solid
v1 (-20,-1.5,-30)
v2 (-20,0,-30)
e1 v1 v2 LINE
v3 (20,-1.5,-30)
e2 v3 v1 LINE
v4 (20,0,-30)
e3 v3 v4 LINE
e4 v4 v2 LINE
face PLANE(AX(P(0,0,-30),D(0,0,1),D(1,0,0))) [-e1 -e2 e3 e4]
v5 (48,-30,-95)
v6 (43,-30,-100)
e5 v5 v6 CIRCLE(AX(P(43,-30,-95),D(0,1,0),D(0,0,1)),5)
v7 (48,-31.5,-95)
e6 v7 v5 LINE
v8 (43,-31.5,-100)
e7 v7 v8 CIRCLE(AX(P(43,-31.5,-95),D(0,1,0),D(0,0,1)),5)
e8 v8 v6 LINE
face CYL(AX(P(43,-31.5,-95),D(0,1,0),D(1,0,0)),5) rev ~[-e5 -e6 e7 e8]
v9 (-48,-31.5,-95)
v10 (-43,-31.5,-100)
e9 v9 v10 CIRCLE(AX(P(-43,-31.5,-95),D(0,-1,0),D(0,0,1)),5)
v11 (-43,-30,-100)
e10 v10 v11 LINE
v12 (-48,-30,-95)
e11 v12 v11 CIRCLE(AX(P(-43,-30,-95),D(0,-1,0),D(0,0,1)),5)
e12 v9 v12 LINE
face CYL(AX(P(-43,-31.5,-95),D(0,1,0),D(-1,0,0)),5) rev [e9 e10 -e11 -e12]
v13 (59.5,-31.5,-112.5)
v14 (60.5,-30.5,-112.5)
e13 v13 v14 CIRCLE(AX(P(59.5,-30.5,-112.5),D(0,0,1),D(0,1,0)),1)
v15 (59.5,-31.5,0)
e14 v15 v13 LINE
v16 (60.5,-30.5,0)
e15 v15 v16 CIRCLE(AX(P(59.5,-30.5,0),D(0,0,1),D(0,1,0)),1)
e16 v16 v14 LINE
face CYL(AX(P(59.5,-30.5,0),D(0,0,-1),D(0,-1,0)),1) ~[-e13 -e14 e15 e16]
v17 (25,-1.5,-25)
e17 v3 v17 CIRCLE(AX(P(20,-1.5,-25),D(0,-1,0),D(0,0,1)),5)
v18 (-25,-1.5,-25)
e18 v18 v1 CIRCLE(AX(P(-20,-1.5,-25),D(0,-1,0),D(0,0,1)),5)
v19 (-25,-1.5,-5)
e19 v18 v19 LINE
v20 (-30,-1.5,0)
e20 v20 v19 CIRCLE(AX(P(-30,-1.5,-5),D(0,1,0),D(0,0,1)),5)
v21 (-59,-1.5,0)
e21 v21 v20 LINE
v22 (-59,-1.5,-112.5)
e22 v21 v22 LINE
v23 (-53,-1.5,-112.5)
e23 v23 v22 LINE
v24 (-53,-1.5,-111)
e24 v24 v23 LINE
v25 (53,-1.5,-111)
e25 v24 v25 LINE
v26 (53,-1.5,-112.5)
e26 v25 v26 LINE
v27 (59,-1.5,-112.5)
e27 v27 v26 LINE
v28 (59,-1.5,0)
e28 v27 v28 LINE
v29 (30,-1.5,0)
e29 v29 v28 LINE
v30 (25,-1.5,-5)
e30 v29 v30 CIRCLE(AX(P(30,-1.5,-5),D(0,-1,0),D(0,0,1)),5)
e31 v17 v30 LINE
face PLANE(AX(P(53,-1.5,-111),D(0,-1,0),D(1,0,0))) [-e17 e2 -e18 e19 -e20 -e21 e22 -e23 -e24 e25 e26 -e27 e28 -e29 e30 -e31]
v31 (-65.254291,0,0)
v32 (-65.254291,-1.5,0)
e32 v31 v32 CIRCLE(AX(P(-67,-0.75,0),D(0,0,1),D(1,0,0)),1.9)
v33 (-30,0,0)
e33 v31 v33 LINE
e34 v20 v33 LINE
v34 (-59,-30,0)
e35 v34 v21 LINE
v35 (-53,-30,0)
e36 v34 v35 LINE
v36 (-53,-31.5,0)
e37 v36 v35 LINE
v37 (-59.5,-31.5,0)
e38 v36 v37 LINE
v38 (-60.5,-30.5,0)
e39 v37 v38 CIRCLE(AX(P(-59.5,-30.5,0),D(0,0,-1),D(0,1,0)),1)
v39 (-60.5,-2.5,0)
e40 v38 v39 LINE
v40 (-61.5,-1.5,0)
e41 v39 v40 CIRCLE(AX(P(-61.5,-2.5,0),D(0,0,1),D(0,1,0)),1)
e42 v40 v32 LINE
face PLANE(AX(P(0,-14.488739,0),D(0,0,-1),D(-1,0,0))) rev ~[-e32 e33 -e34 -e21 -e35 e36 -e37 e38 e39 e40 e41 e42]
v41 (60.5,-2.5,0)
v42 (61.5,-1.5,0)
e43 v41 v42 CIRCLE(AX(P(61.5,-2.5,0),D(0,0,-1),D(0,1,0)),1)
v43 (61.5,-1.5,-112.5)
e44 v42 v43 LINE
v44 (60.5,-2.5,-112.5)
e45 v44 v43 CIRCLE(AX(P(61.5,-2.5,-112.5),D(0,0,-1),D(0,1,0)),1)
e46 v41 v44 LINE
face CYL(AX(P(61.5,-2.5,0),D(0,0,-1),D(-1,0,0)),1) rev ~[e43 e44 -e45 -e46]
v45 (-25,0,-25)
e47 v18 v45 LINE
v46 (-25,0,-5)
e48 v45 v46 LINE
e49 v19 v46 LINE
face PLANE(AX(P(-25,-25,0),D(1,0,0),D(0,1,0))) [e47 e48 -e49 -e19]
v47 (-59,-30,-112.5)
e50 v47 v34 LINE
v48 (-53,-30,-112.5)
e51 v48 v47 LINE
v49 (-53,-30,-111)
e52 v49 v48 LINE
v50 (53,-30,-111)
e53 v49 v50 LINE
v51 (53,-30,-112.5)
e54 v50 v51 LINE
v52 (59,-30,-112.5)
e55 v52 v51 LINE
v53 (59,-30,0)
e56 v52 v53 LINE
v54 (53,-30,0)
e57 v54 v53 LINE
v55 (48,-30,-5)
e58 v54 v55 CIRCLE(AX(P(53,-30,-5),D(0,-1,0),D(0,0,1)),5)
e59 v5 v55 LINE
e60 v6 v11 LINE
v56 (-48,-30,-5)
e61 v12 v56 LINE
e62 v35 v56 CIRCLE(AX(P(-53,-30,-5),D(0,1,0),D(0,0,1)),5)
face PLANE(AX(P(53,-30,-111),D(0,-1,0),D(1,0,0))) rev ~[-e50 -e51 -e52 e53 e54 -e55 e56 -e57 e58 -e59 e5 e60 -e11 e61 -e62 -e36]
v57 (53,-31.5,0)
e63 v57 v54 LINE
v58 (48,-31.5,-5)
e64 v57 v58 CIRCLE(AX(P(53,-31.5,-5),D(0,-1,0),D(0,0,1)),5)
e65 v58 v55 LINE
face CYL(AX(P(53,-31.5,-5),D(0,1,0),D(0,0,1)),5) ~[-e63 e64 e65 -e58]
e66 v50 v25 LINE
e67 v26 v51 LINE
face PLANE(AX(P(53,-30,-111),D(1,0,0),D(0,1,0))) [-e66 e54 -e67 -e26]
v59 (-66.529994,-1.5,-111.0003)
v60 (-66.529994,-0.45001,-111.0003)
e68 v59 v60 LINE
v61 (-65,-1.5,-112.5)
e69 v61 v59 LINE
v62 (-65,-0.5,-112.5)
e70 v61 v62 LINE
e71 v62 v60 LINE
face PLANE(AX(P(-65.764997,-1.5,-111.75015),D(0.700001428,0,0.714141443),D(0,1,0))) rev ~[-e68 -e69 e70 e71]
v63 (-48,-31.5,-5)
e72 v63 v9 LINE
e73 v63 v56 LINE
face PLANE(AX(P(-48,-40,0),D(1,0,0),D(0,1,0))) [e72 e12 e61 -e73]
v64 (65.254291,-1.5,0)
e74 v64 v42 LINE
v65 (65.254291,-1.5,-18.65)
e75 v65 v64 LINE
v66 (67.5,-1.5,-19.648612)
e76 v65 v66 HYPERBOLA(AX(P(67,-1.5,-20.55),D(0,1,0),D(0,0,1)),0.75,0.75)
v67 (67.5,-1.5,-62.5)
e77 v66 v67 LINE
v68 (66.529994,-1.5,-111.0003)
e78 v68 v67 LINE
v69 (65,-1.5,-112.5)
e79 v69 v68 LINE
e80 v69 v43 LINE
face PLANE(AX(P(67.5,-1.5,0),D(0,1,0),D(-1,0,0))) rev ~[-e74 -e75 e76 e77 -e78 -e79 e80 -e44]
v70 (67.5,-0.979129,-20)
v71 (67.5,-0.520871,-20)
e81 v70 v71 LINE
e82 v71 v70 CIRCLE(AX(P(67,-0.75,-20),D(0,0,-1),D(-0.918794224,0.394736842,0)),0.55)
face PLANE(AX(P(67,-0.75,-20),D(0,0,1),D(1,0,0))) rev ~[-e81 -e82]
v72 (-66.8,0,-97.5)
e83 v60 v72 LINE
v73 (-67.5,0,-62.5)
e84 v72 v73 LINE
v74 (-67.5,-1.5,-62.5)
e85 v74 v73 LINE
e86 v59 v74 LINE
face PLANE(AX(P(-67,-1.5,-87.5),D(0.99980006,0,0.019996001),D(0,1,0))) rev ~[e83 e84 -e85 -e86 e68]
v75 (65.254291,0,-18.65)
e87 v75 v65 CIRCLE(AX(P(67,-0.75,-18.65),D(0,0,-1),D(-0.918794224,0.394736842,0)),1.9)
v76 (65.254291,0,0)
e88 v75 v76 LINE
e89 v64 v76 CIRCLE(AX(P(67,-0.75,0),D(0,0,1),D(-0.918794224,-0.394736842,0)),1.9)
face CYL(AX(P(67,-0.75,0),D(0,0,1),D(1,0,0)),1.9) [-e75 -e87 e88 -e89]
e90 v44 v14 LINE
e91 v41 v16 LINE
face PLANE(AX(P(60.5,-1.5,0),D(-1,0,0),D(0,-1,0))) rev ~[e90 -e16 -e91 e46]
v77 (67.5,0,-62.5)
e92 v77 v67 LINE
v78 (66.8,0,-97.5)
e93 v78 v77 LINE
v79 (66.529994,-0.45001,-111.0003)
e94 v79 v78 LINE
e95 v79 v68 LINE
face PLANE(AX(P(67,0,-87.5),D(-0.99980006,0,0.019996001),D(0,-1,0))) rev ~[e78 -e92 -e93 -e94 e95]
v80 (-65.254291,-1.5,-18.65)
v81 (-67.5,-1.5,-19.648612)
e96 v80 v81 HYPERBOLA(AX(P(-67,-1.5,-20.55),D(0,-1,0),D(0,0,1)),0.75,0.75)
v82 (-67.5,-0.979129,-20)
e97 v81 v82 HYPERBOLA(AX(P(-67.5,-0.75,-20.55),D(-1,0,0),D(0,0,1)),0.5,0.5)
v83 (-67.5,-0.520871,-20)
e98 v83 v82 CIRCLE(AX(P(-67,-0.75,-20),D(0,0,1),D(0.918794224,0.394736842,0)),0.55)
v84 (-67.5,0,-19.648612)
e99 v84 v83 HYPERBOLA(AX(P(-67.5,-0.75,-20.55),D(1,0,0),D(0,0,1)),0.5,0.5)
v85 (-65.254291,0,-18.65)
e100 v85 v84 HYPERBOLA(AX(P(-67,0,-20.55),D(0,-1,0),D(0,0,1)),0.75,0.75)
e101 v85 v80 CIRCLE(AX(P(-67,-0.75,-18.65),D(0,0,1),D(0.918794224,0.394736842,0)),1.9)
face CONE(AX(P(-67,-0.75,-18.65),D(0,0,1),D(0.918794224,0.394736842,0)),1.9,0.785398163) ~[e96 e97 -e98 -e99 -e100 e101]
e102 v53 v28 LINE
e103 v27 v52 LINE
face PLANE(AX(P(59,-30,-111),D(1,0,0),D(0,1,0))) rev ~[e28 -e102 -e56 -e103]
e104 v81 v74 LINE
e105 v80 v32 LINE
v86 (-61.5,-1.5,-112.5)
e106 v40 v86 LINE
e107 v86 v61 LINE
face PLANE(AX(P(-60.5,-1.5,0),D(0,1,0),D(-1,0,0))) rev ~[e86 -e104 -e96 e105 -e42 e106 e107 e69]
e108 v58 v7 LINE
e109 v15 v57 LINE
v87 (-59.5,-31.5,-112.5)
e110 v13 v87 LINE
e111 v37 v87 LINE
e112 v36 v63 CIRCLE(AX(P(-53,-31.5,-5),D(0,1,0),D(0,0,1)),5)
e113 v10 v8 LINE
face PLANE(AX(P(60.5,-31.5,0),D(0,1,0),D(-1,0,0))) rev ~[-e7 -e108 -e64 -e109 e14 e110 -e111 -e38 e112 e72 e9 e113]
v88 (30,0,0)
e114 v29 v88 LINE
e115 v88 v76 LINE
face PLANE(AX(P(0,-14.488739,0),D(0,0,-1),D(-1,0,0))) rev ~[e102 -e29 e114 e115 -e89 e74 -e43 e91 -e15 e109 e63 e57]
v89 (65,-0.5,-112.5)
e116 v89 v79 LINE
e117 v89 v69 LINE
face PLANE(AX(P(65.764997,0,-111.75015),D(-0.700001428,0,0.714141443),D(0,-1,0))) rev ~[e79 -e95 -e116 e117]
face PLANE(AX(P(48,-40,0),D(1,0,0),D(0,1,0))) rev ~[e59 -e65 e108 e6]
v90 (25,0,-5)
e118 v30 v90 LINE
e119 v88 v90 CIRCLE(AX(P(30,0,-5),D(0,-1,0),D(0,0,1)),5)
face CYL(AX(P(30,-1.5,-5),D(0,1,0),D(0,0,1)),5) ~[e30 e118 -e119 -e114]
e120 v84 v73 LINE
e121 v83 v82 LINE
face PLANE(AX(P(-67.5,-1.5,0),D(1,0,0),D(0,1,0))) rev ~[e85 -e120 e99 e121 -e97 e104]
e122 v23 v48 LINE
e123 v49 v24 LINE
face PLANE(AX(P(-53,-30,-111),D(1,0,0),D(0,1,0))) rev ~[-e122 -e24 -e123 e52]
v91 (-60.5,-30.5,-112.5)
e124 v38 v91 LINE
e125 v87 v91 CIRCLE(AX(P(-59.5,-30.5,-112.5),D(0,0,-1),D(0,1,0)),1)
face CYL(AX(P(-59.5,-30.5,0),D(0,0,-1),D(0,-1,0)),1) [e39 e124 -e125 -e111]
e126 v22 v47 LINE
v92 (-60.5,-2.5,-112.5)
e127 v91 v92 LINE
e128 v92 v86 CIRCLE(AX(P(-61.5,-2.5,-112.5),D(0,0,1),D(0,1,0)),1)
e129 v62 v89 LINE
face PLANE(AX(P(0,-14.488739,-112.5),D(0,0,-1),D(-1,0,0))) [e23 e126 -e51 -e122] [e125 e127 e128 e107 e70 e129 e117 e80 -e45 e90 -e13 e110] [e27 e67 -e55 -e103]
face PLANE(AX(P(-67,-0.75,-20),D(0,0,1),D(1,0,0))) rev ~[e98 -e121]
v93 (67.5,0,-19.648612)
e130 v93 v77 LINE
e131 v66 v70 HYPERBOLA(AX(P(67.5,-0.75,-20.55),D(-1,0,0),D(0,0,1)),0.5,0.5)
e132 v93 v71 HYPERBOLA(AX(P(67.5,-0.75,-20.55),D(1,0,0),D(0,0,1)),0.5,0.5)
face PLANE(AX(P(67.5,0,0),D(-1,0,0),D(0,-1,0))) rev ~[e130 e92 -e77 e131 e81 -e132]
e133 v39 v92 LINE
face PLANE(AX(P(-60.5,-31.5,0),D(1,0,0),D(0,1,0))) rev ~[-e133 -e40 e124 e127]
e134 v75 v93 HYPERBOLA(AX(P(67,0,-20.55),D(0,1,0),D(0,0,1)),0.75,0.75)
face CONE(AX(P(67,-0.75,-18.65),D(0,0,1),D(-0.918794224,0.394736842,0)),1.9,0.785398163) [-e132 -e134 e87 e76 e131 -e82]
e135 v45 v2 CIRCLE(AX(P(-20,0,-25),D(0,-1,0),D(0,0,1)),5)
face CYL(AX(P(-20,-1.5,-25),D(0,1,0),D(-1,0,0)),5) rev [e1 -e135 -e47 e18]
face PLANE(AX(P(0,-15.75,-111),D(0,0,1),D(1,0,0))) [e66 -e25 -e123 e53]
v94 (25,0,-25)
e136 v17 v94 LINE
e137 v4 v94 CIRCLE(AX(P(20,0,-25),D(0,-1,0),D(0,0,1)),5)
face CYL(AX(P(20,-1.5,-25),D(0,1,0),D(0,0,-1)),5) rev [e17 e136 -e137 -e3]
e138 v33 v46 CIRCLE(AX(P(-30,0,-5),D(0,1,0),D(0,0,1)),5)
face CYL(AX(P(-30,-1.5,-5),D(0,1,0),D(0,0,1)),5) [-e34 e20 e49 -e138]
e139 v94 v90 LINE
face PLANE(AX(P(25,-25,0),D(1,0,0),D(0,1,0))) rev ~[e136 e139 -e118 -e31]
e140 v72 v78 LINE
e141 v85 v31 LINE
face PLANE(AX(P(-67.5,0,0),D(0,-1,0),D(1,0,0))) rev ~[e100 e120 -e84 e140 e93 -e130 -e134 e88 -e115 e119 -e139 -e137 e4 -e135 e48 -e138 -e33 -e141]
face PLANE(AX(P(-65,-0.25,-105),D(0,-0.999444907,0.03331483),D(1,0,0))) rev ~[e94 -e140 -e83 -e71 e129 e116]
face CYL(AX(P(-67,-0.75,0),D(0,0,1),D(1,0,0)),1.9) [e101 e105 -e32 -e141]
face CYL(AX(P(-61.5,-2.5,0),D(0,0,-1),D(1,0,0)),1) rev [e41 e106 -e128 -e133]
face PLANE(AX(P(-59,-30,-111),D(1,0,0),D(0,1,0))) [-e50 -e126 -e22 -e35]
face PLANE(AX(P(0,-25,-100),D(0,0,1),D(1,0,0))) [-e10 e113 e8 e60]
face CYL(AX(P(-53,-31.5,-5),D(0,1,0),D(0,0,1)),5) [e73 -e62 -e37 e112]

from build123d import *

# Parameters (mm, degrees)
PAD_DEPTH        = 112.5
SKETCH002_W      = 118
SKETCH002_H      = 28.5
POCKET_DEPTH     = 111
SKETCH003_W      = 96
SKETCH003_H      = 30
POCKET001_DEPTH  = 100
SKETCH004_R      = 1.9
PAD001_DEPTH     = 20
SKETCH005_W      = 50
SKETCH005_H      = 50
POCKET002_DEPTH  = 30
FILLET_R         = 5
FILLET001_R      = 1
CHAMFER_SIZE2    = 50
CHAMFER_SIZE     = 1
CHAMFER001_SIZE  = 1.5
CHAMFER002_SIZE  = 1.35
CHAMFER003_SIZE2 = 15
CHAMFER003_SIZE  = 0.5
SKETCH006_W      = 6
SKETCH006_H      = 28.5
POCKET003_DEPTH  = 5


with BuildPart() as part:
    # Sketch → Pad (new body)
    with BuildSketch(Plane.XY):
        Polygon((-67.5, 0), (67.5, 0), (67.5, -1.5), (60.5, -1.5), (60.5, -31.5), (-60.5, -31.5), (-60.5, -1.5), (-67.5, -1.5), align=None)
    extrude(amount=-PAD_DEPTH)

    # Sketch002 → Pocket (cut)
    with BuildSketch(Plane.XY):
        with Locations((0, -15.75)):
            Rectangle(SKETCH002_W, SKETCH002_H)
    extrude(amount=-POCKET_DEPTH, mode=Mode.SUBTRACT)

    # Sketch003 → Pocket001 (cut)
    with BuildSketch(Plane.XY):
        with Locations((0, -25)):
            Rectangle(SKETCH003_W, SKETCH003_H)
    extrude(amount=-POCKET001_DEPTH, mode=Mode.SUBTRACT)

    # Sketch004 → Pad001 (join)
    with BuildSketch(Plane.XY):
        with Locations((-67, -0.75)):
            Circle(SKETCH004_R)
        with Locations((67, -0.75)):
            Circle(SKETCH004_R)
    extrude(amount=-PAD001_DEPTH)

    # Sketch005 → Pocket002 (cut)
    with BuildSketch(Plane.XY):
        Rectangle(SKETCH005_W, SKETCH005_H)
    extrude(amount=-POCKET002_DEPTH, mode=Mode.SUBTRACT)

    # Fillet
    fillet_edges = [part.edges().sort_by_distance(p)[0] for p in [
        (-25, -0.75, 0),
        (25, -0.75, 0),
        (25, -0.75, -30),
        (-25, -0.75, -30),
        (-48, -30.75, 0),
        (48, -30.75, 0),
        (48, -30.75, -100),
        (-48, -30.75, -100),
    ]]
    fillet(fillet_edges, radius=FILLET_R)

    # Fillet001
    fillet001_edges = [part.edges().sort_by_distance(p)[0] for p in [
        (-60.5, -1.5, -56.25),
        (-60.5, -31.5, -56.25),
        (60.5, -31.5, -56.25),
        (60.5, -1.5, -56.25),
    ]]
    fillet(fillet001_edges, radius=FILLET001_R)

    # Chamfer
    chamfer_edges = [part.edges().sort_by_distance(p)[0] for p in [
        (67.5, -0.75, -112.5),
        (-67.5, -0.75, -112.5),
    ]]
    chamfer_side = part.faces().sort_by_distance((0, -15.664499, -112.5))[0]
    chamfer(chamfer_edges, length=CHAMFER_SIZE, length2=CHAMFER_SIZE2, reference=chamfer_side)

    # Chamfer001
    chamfer001_edges = [part.edges().sort_by_distance(p)[0] for p in [
        (-66.5, -0.75, -112.5),
        (66.5, -0.75, -112.5),
    ]]
    chamfer(chamfer001_edges, length=CHAMFER001_SIZE)

    # Chamfer002
    chamfer002_edges = [part.edges().sort_by_distance(p)[0] for p in [
        (-68.9, -0.75, -20),
        (67.382853, 1.111028, -20),
    ]]
    chamfer(chamfer002_edges, length=CHAMFER002_SIZE)

    # Chamfer003
    chamfer003_edges = [part.edges().sort_by_distance(p)[0] for p in [
        (0, 0, -112.5),
    ]]
    chamfer003_side = part.faces().sort_by_distance((0, -15.693743, -112.5))[0]
    chamfer(chamfer003_edges, length=CHAMFER003_SIZE, length2=CHAMFER003_SIZE2, reference=chamfer003_side)

    # Sketch006 (on Face46 of Chamfer003) → Pocket003 (cut)
    with BuildSketch(Plane.XY.offset(-111)):
        with Locations((56, -15.75)):
            Rectangle(SKETCH006_W, SKETCH006_H)
        with Locations((-56, -15.75)):
            Rectangle(SKETCH006_W, SKETCH006_H)
    extrude(amount=-POCKET003_DEPTH, mode=Mode.SUBTRACT)


solid = part.part
